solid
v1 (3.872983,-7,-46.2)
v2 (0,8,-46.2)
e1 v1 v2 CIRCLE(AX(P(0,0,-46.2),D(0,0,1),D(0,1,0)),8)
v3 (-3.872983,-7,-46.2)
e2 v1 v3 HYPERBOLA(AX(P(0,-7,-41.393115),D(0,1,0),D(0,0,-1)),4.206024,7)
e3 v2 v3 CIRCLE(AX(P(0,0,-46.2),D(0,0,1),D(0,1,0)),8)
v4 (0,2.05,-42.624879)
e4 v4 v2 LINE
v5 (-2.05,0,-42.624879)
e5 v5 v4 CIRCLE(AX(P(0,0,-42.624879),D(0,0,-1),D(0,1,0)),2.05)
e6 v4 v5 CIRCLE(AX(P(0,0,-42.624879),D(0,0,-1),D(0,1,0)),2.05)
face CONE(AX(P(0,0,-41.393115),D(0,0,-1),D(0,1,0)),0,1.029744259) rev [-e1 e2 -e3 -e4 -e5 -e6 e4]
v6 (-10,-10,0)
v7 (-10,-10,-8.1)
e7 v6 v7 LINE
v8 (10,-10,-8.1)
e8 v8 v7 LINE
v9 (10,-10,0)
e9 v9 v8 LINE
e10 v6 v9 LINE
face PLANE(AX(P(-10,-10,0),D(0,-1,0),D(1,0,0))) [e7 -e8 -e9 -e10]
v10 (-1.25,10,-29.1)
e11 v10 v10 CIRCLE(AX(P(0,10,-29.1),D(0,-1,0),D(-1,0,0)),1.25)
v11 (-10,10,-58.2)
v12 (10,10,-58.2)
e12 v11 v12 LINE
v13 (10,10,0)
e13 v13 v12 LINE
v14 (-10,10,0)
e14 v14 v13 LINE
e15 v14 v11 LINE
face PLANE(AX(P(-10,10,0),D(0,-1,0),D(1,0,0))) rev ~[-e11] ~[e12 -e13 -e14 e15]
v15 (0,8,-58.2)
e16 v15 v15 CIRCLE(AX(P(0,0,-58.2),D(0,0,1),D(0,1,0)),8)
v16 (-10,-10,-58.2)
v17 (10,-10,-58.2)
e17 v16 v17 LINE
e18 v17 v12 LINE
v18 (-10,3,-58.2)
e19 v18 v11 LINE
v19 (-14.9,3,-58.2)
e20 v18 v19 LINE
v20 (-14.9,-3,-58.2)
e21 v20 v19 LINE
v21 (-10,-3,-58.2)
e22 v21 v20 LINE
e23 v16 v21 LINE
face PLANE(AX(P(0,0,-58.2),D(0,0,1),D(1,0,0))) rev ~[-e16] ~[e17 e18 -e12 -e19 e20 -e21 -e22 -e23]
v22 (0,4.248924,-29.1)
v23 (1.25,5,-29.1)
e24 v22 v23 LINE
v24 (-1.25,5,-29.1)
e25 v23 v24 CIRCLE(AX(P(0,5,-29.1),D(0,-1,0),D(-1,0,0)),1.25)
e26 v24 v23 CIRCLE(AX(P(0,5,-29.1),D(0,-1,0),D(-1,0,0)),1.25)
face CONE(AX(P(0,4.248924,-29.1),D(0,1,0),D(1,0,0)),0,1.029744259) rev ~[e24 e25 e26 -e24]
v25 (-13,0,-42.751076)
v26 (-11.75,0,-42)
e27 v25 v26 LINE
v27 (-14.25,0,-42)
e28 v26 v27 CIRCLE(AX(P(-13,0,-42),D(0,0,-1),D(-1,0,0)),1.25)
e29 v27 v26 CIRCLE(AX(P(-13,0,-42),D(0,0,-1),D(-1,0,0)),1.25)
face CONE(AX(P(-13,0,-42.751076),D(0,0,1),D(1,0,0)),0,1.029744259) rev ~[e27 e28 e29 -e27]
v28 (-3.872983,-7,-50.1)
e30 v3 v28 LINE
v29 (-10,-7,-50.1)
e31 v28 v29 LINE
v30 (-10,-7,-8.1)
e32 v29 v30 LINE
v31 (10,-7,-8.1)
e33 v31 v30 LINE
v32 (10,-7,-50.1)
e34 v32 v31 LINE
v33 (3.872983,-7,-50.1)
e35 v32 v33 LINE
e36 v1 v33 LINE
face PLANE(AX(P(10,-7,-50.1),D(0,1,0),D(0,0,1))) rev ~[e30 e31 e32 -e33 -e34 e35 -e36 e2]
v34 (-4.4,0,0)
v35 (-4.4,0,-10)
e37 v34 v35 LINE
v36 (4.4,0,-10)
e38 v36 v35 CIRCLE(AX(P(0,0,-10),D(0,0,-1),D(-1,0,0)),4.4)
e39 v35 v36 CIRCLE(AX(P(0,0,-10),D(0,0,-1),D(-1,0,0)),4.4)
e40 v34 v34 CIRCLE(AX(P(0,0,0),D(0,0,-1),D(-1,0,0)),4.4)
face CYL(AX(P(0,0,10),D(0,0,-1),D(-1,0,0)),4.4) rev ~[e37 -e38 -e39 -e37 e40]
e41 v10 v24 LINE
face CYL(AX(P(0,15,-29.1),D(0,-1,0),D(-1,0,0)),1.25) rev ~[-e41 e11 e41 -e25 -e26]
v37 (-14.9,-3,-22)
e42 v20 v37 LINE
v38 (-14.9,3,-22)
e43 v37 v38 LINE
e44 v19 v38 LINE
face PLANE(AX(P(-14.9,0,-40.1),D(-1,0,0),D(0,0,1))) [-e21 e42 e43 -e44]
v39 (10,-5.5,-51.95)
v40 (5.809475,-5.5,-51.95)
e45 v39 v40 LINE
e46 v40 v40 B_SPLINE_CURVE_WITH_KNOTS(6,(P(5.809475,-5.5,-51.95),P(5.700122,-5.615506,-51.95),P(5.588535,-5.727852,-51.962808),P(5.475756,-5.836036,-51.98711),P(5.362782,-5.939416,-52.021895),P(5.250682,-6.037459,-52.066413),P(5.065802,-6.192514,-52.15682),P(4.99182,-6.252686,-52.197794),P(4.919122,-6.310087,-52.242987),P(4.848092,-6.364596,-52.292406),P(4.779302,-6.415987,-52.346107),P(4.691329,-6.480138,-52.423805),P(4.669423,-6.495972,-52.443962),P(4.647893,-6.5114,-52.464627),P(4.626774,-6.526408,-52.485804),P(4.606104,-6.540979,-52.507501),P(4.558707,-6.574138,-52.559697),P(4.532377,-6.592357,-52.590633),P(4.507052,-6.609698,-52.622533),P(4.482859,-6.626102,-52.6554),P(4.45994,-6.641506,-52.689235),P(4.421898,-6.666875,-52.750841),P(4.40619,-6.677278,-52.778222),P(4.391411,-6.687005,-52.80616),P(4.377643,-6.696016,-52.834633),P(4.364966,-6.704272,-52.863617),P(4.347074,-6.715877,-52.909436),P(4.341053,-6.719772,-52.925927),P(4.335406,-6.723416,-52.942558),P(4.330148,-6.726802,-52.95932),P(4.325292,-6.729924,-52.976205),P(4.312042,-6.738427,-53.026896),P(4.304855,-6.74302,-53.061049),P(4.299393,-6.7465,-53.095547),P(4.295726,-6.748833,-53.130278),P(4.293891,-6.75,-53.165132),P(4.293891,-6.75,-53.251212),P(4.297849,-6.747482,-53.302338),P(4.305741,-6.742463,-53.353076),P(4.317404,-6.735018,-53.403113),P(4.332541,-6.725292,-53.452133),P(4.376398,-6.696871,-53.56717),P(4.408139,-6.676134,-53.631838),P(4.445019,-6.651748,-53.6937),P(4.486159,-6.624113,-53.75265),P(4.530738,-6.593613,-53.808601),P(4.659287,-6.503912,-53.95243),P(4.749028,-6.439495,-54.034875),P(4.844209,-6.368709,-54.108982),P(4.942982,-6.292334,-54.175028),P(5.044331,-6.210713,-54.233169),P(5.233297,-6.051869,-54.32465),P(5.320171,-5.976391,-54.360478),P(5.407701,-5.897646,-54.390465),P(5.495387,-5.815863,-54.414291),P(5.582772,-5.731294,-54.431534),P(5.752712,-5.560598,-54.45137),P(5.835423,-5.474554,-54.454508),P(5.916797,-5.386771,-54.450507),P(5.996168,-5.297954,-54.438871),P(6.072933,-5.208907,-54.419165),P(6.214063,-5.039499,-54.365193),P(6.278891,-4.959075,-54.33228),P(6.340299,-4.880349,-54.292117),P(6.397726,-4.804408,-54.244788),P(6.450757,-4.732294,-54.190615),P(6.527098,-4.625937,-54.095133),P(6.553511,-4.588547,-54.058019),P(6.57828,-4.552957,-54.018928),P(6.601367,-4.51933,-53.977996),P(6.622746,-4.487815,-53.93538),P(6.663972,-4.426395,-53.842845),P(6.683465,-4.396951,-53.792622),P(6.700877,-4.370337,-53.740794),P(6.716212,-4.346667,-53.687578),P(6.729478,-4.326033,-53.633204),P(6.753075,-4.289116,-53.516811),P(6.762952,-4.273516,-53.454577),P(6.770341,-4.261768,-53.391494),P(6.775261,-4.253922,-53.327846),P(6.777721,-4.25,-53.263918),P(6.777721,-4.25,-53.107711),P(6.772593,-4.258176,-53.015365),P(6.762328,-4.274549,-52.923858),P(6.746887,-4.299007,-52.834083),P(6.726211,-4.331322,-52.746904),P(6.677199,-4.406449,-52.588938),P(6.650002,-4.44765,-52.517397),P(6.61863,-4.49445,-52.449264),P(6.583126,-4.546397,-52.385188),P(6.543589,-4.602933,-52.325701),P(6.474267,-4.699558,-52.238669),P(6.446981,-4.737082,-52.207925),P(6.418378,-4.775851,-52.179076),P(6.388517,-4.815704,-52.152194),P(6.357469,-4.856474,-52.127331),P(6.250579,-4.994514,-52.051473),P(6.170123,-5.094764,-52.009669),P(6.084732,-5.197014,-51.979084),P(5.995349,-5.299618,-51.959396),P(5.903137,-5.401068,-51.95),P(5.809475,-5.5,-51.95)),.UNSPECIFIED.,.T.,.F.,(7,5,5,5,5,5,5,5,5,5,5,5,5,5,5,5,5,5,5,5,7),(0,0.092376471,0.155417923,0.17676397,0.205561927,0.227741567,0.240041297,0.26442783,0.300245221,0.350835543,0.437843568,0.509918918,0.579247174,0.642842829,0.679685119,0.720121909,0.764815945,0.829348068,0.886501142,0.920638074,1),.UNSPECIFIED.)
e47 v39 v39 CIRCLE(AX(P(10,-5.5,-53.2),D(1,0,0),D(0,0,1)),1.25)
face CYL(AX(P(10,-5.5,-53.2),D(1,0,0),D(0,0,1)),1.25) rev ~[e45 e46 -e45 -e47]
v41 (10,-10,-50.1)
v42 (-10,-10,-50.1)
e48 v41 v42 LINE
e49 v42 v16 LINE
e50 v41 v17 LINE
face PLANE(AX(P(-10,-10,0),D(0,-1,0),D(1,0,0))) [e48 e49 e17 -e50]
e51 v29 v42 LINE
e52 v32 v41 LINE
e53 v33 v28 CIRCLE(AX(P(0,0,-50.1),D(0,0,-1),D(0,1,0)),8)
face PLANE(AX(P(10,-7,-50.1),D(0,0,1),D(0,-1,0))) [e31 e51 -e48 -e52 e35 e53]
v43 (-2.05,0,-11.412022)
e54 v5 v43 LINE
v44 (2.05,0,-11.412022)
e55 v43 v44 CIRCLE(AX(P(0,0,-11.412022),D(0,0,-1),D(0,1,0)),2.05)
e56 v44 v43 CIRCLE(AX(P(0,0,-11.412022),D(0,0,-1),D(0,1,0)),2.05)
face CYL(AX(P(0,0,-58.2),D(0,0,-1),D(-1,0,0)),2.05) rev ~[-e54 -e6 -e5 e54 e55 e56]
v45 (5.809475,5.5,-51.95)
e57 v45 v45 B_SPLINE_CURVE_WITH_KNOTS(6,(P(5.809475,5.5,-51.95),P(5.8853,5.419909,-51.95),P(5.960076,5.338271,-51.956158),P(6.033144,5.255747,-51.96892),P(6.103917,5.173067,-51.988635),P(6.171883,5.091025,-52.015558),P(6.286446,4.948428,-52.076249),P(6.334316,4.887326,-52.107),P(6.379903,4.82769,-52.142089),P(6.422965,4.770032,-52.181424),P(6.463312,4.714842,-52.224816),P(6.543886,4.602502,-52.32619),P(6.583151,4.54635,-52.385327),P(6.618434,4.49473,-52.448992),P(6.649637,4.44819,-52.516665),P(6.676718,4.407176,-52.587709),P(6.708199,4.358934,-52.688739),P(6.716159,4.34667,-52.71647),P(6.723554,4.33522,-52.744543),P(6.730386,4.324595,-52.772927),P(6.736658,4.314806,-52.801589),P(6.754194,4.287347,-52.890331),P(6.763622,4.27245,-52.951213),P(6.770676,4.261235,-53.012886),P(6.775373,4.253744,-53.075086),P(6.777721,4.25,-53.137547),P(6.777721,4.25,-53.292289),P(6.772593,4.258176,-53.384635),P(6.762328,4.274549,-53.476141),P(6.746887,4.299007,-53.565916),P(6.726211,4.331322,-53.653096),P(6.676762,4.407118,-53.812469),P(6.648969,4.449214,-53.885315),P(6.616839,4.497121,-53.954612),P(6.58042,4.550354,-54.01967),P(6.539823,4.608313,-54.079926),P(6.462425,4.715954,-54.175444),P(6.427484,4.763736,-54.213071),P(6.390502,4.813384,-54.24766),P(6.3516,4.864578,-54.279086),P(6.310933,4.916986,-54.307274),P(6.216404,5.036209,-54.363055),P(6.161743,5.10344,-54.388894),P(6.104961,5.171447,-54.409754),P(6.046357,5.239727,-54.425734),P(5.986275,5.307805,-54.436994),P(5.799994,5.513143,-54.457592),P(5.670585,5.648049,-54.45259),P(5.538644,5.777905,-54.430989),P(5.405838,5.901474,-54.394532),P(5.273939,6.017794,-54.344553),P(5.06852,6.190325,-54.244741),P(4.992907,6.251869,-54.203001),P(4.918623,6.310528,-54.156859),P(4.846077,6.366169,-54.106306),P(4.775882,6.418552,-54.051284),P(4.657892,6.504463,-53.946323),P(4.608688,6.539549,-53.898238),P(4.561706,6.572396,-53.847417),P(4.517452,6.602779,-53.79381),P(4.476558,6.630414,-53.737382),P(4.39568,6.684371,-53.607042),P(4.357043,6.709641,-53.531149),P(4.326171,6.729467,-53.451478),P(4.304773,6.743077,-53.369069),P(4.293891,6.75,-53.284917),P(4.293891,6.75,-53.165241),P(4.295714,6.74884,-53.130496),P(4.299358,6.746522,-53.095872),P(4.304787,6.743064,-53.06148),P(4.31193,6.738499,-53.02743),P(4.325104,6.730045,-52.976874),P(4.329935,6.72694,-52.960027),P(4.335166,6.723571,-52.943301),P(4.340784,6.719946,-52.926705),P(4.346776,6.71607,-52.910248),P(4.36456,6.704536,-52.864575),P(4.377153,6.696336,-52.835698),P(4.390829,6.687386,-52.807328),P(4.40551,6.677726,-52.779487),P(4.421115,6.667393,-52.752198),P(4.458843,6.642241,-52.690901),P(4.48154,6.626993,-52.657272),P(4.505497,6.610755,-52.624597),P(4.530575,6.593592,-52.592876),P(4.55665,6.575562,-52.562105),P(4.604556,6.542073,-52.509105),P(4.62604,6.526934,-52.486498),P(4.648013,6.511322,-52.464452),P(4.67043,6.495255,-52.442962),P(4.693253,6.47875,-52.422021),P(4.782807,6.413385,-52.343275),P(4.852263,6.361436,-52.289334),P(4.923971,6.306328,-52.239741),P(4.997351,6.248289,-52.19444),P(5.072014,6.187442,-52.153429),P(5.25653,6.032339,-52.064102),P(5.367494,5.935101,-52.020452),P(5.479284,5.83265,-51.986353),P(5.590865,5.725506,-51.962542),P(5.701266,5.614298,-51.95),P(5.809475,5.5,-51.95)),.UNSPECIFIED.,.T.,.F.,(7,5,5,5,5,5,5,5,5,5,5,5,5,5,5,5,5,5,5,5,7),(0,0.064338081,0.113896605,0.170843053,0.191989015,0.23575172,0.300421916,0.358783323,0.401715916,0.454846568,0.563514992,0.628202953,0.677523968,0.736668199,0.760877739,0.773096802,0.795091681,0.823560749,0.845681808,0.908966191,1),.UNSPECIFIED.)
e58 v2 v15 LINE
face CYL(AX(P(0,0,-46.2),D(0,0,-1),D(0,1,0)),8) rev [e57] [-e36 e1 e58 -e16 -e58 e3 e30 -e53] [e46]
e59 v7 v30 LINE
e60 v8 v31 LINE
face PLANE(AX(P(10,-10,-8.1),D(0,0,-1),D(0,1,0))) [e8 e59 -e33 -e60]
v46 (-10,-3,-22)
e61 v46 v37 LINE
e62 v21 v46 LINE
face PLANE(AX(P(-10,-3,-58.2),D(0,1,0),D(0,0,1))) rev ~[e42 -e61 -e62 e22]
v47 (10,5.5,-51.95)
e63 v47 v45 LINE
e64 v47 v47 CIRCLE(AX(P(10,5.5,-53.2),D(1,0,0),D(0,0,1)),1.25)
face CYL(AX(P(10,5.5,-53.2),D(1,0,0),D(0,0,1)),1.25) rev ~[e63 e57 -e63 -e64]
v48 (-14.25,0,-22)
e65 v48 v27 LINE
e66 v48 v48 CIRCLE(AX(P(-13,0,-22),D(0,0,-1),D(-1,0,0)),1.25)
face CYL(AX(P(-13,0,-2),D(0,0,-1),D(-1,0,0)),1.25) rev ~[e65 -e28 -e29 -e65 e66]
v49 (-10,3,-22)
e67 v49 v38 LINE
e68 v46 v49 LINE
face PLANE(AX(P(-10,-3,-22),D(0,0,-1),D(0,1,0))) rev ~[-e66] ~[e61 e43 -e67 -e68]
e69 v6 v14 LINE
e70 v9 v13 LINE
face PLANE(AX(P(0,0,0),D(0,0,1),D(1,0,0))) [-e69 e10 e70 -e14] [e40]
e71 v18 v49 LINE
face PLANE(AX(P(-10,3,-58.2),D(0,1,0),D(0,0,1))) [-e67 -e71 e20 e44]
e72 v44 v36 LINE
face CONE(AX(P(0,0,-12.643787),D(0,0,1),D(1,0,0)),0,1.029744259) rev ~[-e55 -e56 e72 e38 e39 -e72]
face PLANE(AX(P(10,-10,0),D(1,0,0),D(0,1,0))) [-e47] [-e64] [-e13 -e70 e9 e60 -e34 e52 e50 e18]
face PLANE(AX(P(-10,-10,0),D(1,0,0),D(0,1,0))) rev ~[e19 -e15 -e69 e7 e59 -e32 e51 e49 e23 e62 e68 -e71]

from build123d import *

# Parameters (mm, degrees)
SCHIZZO1_W                   = 20
SCHIZZO1_H                   = 20
ESTRUSIONE_ESTRUSIONE1_DEPTH = 58.2
SCHIZZO2_R                   = 2.05
TAGLIO_ESTRUSIONE1_DEPTH     = 60.893572276
FORO_FILETTATO_G1_8_1_D      = 8.8
FORO_FILETTATO_G1_8_1_DEPTH  = 10
FORO_FILETTATO_G1_8_1_TIP    = 2.643786724
M3_TAPPED_HOLE2_D            = 2.5
M3_TAPPED_HOLE2_DEPTH        = 5
M3_TAPPED_HOLE2_TIP          = 0.751075774
M3_TAPPED_HOLE3_REACH        = 60.911
M3_TAPPED_HOLE3_BORE_R       = 1.25
SKETCH1_W                    = 36.2
SKETCH1_H                    = 6
BOSS_EXTRUDE1_DEPTH          = 4.9
CUT_EXTRUDE1_DEPTH           = 65.087830449
M3_TAPPED_HOLE4_D            = 2.5
M3_TAPPED_HOLE4_DEPTH        = 20
M3_TAPPED_HOLE4_TIP          = 0.751075774


with BuildPart() as part:
    # Schizzo1 → Estrusione-Estrusione1 (new body)
    with BuildSketch(Plane.XY):
        Rectangle(SCHIZZO1_W, SCHIZZO1_H)
    extrude(amount=-ESTRUSIONE_ESTRUSIONE1_DEPTH)

    # Schizzo2 → Taglio-Estrusione1 (cut, through all)
    with BuildSketch(Plane(origin=(0, 0, -58.2), x_dir=(-1, 0, 0), z_dir=(0, 0, -1))):
        Circle(SCHIZZO2_R)
    extrude(amount=-TAGLIO_ESTRUSIONE1_DEPTH, mode=Mode.SUBTRACT)

    # Foro filettato G1/8-1
    with Locations(Plane.XY):
        with Locations((0, 0)):
            Hole(FORO_FILETTATO_G1_8_1_D / 2, depth=FORO_FILETTATO_G1_8_1_DEPTH)
            with Locations((0, 0, -(FORO_FILETTATO_G1_8_1_DEPTH + FORO_FILETTATO_G1_8_1_TIP / 2))):  # 118° drill point
                Cone(0, FORO_FILETTATO_G1_8_1_D / 2, FORO_FILETTATO_G1_8_1_TIP, mode=Mode.SUBTRACT)

    # M3 Tapped Hole2
    with Locations(Plane(origin=(0, 10, -29.1), x_dir=(1, 0, 0), z_dir=(0, 1, 0))):
        with Locations((0, 0)):
            Hole(M3_TAPPED_HOLE2_D / 2, depth=M3_TAPPED_HOLE2_DEPTH)
            with Locations((0, 0, -(M3_TAPPED_HOLE2_DEPTH + M3_TAPPED_HOLE2_TIP / 2))):  # 118° drill point
                Cone(0, M3_TAPPED_HOLE2_D / 2, M3_TAPPED_HOLE2_TIP, mode=Mode.SUBTRACT)

    # Schizzo14 → Foro Ø16.0 (16)-1 (revolve, cut)
    with BuildSketch(Plane(origin=(0, 0, -58.2), x_dir=(0, 1, 0), z_dir=(1, 0, 0))):
        Polygon((0, 0), (0, 16.806884952), (8, 12), (8, 0), align=None)
    revolve(axis=Axis((0, 0, -64.55), (0, 0, 1)), mode=Mode.SUBTRACT)

    # M3 Tapped Hole3 bore (on position points) → M3 Tapped Hole3 (cut, up to next)
    with BuildSketch(Plane(origin=(10, 5.5, -53.2), x_dir=(0, 0, 1), z_dir=(1, 0, 0)), mode=Mode.PRIVATE) as m3_tapped_hole3_sk1:
        Circle(M3_TAPPED_HOLE3_BORE_R)
    m3_tapped_hole3_tool1 = extrude(m3_tapped_hole3_sk1.sketch, amount=-M3_TAPPED_HOLE3_REACH, mode=Mode.PRIVATE) & part.part
    # M3 Tapped Hole3 bore (on position points) → M3 Tapped Hole3 (cut, up to next)
    with BuildSketch(Plane(origin=(10, 5.5, -53.2), x_dir=(0, 0, 1), z_dir=(1, 0, 0)), mode=Mode.PRIVATE) as m3_tapped_hole3_sk2:
        with Locations((0, 11)):
            Circle(M3_TAPPED_HOLE3_BORE_R)
    m3_tapped_hole3_tool2 = extrude(m3_tapped_hole3_sk2.sketch, amount=-M3_TAPPED_HOLE3_REACH, mode=Mode.PRIVATE) & part.part
    add(m3_tapped_hole3_tool1.solids().sort_by_distance((10, 5.5, -53.2))[0], mode=Mode.SUBTRACT)
    add(m3_tapped_hole3_tool2.solids().sort_by_distance((10, -5.5, -53.2))[0], mode=Mode.SUBTRACT)

    # Sketch1 → Boss-Extrude1 (add)
    with BuildSketch(Plane.ZY.offset(10)):
        with Locations((-40.1, 0)):
            Rectangle(SKETCH1_W, SKETCH1_H)
    extrude(amount=BOSS_EXTRUDE1_DEPTH)

    # Sketch2 → Cut-Extrude1 (cut, through all)
    with BuildSketch(Plane(origin=(10, 0, 0), x_dir=(0, 0, -1), z_dir=(1, 0, 0))):
        Polygon((50.1, -10), (34.1, -10), (8.1, -10), (8.1, -7), (34.1, -7), (50.1, -7), align=None)
    extrude(amount=-CUT_EXTRUDE1_DEPTH, mode=Mode.SUBTRACT)

    # M3 Tapped Hole4
    with Locations(Plane.XY.offset(-22)):
        with Locations((-13, 0)):
            Hole(M3_TAPPED_HOLE4_D / 2, depth=M3_TAPPED_HOLE4_DEPTH)
            with Locations((0, 0, -(M3_TAPPED_HOLE4_DEPTH + M3_TAPPED_HOLE4_TIP / 2))):  # 118° drill point
                Cone(0, M3_TAPPED_HOLE4_D / 2, M3_TAPPED_HOLE4_TIP, mode=Mode.SUBTRACT)


solid = part.part
